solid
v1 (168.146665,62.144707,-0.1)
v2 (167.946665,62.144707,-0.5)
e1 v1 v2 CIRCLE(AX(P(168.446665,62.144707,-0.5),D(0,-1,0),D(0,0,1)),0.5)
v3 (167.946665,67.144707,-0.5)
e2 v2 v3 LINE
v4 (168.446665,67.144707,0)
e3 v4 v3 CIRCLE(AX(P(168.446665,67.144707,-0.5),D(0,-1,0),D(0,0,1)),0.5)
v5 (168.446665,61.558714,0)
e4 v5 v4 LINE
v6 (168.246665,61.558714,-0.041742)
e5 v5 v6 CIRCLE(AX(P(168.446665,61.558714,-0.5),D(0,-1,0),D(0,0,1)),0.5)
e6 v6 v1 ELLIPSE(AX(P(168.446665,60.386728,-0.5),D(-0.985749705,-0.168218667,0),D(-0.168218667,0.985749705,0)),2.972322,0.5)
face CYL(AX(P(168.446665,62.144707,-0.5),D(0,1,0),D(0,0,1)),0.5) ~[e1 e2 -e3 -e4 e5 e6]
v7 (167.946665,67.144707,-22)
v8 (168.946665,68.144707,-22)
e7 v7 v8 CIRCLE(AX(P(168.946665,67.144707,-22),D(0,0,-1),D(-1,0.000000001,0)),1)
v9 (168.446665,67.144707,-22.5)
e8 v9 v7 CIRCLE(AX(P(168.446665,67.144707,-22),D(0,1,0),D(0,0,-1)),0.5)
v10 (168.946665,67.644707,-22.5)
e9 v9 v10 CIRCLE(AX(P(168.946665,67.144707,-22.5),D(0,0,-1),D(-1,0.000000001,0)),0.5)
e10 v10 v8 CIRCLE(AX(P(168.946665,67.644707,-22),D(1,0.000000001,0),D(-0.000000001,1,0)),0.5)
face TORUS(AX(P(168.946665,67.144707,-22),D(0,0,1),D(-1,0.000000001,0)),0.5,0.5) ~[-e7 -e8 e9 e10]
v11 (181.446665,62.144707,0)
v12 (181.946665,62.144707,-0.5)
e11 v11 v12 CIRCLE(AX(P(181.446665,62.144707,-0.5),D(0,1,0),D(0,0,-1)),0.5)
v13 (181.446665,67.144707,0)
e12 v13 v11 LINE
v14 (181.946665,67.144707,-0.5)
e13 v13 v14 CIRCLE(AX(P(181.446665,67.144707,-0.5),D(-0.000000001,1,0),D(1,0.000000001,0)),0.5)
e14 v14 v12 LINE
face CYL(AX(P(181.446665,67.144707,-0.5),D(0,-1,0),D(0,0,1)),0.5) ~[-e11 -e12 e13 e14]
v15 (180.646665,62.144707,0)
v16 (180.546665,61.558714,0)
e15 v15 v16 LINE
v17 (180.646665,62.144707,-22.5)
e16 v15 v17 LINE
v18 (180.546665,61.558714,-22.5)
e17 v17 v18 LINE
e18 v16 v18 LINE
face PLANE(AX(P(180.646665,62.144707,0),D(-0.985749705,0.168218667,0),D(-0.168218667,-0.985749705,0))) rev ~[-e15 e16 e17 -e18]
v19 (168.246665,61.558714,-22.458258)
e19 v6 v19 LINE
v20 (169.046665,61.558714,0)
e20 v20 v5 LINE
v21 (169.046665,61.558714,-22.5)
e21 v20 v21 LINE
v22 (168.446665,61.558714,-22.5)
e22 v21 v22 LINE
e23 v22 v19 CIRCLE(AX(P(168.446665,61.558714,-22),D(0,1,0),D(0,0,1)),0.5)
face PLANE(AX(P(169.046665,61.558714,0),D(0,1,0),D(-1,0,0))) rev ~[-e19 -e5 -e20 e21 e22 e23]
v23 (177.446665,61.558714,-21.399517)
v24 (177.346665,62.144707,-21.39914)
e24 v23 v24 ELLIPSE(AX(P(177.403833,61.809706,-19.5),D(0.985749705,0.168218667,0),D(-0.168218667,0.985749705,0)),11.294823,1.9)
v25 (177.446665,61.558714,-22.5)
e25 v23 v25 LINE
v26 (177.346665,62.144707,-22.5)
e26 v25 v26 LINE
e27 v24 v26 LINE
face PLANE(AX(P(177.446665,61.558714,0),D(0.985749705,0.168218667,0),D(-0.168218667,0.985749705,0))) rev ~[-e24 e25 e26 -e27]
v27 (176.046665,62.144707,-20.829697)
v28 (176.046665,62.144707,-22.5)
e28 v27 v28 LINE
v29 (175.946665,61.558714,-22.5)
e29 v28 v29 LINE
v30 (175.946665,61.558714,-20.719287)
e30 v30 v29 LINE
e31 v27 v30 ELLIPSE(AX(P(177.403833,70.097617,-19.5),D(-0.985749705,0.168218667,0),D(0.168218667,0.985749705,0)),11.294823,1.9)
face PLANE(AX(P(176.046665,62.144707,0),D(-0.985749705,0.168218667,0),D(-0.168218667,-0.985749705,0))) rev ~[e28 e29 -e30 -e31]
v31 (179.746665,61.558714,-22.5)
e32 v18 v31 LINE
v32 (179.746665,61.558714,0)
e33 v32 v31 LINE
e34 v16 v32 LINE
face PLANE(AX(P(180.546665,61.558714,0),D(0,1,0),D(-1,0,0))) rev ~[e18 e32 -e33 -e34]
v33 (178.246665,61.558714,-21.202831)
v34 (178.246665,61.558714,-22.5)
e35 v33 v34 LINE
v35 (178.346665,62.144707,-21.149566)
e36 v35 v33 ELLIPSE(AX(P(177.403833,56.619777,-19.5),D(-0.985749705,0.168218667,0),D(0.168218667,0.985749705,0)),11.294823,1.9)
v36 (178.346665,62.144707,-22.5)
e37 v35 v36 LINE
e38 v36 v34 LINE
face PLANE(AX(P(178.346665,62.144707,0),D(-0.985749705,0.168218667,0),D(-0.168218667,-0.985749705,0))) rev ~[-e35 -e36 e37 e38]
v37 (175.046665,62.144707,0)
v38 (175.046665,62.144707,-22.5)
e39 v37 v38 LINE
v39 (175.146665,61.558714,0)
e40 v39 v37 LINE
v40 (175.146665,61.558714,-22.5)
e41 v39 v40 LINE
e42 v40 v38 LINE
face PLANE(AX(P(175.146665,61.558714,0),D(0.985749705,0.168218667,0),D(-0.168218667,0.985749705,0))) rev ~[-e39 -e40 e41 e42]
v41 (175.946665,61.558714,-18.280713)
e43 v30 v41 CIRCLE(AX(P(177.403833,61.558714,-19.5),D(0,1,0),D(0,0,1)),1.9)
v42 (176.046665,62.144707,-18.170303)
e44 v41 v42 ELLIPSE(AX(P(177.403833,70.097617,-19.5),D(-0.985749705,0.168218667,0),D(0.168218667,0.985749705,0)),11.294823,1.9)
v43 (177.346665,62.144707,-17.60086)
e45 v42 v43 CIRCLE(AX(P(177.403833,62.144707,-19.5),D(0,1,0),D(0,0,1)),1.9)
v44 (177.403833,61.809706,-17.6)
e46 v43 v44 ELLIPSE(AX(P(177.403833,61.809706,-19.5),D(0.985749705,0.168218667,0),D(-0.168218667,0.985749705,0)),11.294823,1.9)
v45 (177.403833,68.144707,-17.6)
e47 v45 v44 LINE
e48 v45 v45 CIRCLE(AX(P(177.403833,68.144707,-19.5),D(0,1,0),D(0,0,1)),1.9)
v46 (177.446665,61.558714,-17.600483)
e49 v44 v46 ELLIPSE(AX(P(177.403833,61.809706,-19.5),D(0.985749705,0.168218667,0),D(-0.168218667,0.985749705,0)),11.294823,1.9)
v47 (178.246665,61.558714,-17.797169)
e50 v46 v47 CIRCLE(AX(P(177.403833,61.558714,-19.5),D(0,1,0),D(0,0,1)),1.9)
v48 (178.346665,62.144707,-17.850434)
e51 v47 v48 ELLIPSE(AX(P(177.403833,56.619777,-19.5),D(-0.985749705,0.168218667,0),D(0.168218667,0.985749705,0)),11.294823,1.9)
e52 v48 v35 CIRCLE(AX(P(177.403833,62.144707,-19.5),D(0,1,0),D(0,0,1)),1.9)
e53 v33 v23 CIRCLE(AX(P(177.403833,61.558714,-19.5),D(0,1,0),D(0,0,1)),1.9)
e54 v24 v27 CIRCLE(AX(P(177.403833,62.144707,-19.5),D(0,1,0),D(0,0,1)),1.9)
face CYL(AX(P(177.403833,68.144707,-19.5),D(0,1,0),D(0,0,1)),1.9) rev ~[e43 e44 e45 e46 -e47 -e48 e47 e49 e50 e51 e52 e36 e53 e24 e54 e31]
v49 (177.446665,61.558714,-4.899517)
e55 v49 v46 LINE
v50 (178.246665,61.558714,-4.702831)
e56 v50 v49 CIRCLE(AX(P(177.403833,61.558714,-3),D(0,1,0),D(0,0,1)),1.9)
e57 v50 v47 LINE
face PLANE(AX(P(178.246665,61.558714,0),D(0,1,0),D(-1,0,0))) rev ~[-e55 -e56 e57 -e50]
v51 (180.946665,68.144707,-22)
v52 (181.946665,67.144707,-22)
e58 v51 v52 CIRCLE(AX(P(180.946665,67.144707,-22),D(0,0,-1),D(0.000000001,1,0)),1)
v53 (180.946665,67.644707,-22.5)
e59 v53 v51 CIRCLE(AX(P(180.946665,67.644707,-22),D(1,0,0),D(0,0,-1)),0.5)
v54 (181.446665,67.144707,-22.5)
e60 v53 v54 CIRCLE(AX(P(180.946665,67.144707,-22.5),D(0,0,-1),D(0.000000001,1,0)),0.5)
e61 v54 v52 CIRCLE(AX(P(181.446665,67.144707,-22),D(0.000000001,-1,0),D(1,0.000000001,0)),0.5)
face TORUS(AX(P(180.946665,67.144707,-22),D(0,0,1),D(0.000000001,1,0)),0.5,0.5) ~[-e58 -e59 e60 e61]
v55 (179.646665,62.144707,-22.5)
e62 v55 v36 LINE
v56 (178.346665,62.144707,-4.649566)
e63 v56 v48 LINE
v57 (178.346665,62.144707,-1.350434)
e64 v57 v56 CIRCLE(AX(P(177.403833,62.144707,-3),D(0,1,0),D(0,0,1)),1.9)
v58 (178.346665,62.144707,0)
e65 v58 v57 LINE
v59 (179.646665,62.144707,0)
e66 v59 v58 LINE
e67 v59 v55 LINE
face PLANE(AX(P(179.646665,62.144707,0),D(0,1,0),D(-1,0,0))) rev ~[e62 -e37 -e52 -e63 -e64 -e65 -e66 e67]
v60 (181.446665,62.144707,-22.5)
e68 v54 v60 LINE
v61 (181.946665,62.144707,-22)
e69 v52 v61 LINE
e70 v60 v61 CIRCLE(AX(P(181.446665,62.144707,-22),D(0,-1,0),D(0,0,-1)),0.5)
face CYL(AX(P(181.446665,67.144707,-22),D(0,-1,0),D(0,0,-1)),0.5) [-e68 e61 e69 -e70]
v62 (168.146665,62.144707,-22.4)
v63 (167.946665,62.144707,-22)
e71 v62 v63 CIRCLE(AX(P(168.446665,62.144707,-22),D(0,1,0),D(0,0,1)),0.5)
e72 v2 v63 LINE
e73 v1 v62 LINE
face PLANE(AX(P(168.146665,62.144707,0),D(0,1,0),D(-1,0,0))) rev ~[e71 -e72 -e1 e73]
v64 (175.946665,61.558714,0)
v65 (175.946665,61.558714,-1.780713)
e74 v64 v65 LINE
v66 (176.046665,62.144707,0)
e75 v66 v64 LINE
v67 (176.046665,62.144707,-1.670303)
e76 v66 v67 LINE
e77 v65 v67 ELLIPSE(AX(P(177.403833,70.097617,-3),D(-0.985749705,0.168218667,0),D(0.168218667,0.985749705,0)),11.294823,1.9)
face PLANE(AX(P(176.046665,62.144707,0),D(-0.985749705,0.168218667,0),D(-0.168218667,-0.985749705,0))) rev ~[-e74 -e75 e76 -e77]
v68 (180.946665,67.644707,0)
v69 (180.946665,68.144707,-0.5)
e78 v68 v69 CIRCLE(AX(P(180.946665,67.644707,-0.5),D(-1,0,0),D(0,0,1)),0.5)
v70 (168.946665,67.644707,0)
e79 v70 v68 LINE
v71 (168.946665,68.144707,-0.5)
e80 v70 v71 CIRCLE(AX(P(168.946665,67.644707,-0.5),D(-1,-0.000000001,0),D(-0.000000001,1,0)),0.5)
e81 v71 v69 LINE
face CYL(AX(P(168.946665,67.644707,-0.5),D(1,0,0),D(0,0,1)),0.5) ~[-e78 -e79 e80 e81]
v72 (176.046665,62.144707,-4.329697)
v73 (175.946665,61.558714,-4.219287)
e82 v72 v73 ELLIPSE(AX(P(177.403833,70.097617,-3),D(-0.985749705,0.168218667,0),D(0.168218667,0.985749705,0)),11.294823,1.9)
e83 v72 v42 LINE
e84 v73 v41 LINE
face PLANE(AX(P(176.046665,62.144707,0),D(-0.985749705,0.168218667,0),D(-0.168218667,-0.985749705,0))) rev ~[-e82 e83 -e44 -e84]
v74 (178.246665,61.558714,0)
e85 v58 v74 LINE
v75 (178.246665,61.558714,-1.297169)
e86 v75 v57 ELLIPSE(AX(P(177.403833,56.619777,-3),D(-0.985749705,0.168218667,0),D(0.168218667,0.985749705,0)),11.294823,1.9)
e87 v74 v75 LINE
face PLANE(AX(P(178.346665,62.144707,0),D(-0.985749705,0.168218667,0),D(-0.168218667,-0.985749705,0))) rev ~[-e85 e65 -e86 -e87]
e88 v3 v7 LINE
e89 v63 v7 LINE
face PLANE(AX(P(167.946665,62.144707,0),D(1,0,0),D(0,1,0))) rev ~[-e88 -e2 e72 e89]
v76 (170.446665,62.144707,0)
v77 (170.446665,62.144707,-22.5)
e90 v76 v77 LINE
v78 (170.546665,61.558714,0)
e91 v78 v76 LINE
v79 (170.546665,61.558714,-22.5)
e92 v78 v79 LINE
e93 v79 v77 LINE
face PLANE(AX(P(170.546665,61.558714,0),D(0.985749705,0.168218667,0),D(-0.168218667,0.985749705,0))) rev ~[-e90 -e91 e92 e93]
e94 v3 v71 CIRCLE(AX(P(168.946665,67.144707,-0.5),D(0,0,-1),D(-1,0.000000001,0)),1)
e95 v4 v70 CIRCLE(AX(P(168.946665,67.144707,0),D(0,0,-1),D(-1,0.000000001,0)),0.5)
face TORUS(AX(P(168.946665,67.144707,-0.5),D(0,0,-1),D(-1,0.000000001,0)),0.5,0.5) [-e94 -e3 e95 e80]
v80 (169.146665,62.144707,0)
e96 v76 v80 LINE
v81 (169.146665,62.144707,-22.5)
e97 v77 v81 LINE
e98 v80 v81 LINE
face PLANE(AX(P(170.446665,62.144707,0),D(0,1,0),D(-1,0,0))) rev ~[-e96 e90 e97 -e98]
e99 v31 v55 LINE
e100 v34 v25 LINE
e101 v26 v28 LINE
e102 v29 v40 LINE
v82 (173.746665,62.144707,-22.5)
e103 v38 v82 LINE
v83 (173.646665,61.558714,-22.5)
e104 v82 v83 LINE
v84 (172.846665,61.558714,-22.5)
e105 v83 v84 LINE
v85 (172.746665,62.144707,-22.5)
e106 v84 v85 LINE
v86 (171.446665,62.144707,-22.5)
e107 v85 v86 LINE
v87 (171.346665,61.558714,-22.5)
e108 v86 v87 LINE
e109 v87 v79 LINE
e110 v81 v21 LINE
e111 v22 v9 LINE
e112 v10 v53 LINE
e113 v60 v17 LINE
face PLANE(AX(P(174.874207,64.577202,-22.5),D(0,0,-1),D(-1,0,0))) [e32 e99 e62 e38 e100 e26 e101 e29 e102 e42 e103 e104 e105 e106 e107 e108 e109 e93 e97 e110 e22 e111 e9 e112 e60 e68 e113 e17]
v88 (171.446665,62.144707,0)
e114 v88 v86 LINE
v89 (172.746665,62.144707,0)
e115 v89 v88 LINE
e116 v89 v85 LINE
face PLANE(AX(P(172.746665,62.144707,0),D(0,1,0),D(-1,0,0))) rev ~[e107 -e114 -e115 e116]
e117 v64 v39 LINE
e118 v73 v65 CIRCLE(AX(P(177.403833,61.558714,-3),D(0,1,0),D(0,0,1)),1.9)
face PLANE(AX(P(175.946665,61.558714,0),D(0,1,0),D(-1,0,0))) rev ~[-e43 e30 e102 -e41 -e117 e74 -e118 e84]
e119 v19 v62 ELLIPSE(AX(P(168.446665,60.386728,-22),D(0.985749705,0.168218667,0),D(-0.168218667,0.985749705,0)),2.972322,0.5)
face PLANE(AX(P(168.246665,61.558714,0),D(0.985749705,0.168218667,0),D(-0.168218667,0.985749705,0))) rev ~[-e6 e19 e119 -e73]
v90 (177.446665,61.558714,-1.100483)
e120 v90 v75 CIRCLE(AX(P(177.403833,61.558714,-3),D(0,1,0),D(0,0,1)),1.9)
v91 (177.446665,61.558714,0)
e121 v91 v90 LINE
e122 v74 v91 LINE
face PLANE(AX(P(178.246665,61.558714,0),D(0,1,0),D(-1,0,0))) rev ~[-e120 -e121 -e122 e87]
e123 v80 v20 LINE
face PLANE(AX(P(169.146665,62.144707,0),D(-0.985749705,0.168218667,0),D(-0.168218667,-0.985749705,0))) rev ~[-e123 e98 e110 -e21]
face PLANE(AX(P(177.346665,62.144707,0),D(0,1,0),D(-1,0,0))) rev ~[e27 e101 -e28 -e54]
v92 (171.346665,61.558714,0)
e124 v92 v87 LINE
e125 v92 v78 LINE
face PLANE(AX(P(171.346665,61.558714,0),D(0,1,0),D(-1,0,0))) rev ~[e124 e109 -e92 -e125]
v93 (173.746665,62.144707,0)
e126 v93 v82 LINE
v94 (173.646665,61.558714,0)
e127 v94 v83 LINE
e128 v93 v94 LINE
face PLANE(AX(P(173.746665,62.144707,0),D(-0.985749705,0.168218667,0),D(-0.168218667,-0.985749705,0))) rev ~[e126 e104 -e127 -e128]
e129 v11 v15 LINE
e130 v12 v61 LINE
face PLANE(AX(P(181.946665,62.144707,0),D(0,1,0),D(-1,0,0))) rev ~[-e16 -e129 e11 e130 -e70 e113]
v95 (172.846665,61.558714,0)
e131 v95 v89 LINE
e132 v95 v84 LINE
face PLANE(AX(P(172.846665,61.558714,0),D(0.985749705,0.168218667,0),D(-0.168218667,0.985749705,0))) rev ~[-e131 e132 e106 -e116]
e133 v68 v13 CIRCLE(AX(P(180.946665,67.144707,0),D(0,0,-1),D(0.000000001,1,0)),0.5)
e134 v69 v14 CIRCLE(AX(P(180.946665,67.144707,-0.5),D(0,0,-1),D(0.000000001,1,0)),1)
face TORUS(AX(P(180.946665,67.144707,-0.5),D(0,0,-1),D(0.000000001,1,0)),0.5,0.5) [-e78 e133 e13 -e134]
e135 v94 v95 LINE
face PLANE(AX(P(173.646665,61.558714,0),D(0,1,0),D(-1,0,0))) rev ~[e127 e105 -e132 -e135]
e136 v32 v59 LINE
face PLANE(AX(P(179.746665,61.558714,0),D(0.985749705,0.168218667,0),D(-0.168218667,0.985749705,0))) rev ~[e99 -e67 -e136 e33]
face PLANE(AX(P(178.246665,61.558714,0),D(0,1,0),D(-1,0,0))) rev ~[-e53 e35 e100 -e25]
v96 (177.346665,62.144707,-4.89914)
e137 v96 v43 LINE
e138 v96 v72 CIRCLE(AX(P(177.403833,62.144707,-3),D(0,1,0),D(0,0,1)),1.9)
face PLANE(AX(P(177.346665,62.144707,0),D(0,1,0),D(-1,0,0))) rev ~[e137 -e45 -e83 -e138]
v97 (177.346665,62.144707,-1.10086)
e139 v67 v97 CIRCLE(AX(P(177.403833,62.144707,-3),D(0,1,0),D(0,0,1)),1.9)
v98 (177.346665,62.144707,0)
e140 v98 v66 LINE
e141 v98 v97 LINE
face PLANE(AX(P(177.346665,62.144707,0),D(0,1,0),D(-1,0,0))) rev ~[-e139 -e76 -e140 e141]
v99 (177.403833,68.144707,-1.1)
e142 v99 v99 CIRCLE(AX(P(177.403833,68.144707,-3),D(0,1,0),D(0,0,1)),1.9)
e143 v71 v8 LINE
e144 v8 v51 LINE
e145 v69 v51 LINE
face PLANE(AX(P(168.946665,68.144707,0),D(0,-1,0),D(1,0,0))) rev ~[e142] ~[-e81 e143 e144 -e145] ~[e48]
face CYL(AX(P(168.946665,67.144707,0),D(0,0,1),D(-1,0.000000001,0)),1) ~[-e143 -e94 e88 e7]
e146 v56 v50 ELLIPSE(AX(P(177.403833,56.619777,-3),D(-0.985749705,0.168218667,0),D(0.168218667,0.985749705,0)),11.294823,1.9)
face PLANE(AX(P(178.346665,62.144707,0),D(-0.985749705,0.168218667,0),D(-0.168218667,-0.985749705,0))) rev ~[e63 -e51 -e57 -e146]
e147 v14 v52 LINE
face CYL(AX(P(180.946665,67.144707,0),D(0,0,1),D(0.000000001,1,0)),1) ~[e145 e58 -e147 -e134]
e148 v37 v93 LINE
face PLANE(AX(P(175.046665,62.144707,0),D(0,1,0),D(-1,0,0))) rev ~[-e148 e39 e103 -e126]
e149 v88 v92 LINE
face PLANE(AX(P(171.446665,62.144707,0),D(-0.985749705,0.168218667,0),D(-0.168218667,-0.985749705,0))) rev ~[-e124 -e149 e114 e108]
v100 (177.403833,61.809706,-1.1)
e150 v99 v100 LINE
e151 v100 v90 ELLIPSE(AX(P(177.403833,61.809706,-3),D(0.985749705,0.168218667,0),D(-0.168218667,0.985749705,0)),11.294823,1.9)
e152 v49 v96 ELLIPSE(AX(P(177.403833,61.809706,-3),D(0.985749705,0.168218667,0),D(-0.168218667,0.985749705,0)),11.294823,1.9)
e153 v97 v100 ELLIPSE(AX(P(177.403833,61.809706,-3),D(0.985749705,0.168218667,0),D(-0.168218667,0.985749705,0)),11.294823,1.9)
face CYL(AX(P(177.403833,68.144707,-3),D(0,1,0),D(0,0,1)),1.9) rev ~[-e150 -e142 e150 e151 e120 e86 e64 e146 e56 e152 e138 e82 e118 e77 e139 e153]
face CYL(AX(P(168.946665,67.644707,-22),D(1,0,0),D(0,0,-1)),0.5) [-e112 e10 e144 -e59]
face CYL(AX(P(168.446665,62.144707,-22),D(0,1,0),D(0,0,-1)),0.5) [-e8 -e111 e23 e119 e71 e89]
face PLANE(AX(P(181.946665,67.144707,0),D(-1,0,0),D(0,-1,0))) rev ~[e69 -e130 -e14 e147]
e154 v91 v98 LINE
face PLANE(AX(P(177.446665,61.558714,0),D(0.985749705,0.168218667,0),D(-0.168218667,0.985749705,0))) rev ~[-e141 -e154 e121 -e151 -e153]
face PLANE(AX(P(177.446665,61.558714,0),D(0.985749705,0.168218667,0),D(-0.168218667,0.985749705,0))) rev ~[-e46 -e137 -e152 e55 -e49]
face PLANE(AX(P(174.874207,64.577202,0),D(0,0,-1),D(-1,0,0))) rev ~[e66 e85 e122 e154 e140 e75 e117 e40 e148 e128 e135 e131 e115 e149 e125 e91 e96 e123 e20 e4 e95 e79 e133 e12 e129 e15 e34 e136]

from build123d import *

# Parameters (mm, degrees)
BOSS_EXTRUDE1_DEPTH = 22.5
SKETCH2_R           = 1.9
CUT_EXTRUDE1_DEPTH  = 184.450850043
FILLET1_R           = 0.5


with BuildPart() as part:
    # Sketch1 → Boss-Extrude1 (new body)
    with BuildSketch(Plane.XY):
        with BuildLine():
            Line((167.946665474, 62.144706948), (167.946665474, 67.144706948))
            ThreePointArc((167.946665474, 67.144706948), (168.239558693, 67.851813729), (168.946665474, 68.144706948))
            Line((168.946665474, 68.144706948), (180.946665474, 68.144706948))
            ThreePointArc((180.946665474, 68.144706948), (181.653772255, 67.851813729), (181.946665474, 67.144706948))
            Line((181.946665474, 67.144706948), (181.946665474, 62.144706948))
            Line((181.946665474, 62.144706948), (180.646665474, 62.144706948))
            Line((180.646665474, 62.144706948), (180.546665474, 61.558713892))
            Line((180.546665474, 61.558713892), (179.746665474, 61.558713892))
            Line((179.746665474, 61.558713892), (179.646665474, 62.144706948))
            Line((179.646665474, 62.144706948), (178.346665474, 62.144706948))
            Line((178.346665474, 62.144706948), (178.246665474, 61.558713892))
            Line((178.246665474, 61.558713892), (177.446665474, 61.558713892))
            Line((177.446665474, 61.558713892), (177.346665474, 62.144706948))
            Line((177.346665474, 62.144706948), (176.046665474, 62.144706948))
            Line((176.046665474, 62.144706948), (175.946665474, 61.558713892))
            Line((175.946665474, 61.558713892), (175.146665474, 61.558713892))
            Line((175.146665474, 61.558713892), (175.046665474, 62.144706948))
            Line((175.046665474, 62.144706948), (173.746665474, 62.144706948))
            Line((173.746665474, 62.144706948), (173.646665474, 61.558713892))
            Line((173.646665474, 61.558713892), (172.846665474, 61.558713892))
            Line((172.846665474, 61.558713892), (172.746665474, 62.144706948))
            Line((172.746665474, 62.144706948), (171.446665474, 62.144706948))
            Line((171.446665474, 62.144706948), (171.346665474, 61.558713892))
            Line((171.346665474, 61.558713892), (170.546665474, 61.558713892))
            Line((170.546665474, 61.558713892), (170.446665474, 62.144706948))
            Line((170.446665474, 62.144706948), (169.146665474, 62.144706948))
            Line((169.146665474, 62.144706948), (169.046665474, 61.558713892))
            Line((169.046665474, 61.558713892), (168.246665474, 61.558713892))
            Line((168.246665474, 61.558713892), (168.146665474, 62.144706948))
            Line((168.146665474, 62.144706948), (167.946665474, 62.144706948))
        make_face()
    extrude(amount=-BOSS_EXTRUDE1_DEPTH)

    # Sketch2 → Cut-Extrude1 (cut, through all)
    with BuildSketch(Plane(origin=(0, 68.144706948, 0), x_dir=(1, 0, 0), z_dir=(0, 1, 0))):
        with Locations(Location((177.403833472, 3, 0), (0, 0, 270))):
            Circle(SKETCH2_R)
        with Locations(Location((177.403833472, 19.5, 0), (0, 0, 270))):
            Circle(SKETCH2_R)
    extrude(amount=-CUT_EXTRUDE1_DEPTH, mode=Mode.SUBTRACT)

    # Fillet1
    fillet1_edges = [part.edges().sort_by_distance(p)[0] for p in [
        (181.946665474, 64.644706948, -22.5),
        (181.653772255, 67.851813729, -22.5),
        (167.946665474, 64.644706948, -22.5),
        (168.239558693, 67.851813729, -22.5),
        (181.946665474, 64.644706948, 0),
        (181.653772255, 67.851813729, 0),
        (167.946665474, 64.644706948, 0),
        (168.239558693, 67.851813729, 0),
        (174.946665474, 68.144706948, -22.5),
        (174.946665474, 68.144706948, 0),
    ]]
    fillet(fillet1_edges, radius=FILLET1_R)


solid = part.part
